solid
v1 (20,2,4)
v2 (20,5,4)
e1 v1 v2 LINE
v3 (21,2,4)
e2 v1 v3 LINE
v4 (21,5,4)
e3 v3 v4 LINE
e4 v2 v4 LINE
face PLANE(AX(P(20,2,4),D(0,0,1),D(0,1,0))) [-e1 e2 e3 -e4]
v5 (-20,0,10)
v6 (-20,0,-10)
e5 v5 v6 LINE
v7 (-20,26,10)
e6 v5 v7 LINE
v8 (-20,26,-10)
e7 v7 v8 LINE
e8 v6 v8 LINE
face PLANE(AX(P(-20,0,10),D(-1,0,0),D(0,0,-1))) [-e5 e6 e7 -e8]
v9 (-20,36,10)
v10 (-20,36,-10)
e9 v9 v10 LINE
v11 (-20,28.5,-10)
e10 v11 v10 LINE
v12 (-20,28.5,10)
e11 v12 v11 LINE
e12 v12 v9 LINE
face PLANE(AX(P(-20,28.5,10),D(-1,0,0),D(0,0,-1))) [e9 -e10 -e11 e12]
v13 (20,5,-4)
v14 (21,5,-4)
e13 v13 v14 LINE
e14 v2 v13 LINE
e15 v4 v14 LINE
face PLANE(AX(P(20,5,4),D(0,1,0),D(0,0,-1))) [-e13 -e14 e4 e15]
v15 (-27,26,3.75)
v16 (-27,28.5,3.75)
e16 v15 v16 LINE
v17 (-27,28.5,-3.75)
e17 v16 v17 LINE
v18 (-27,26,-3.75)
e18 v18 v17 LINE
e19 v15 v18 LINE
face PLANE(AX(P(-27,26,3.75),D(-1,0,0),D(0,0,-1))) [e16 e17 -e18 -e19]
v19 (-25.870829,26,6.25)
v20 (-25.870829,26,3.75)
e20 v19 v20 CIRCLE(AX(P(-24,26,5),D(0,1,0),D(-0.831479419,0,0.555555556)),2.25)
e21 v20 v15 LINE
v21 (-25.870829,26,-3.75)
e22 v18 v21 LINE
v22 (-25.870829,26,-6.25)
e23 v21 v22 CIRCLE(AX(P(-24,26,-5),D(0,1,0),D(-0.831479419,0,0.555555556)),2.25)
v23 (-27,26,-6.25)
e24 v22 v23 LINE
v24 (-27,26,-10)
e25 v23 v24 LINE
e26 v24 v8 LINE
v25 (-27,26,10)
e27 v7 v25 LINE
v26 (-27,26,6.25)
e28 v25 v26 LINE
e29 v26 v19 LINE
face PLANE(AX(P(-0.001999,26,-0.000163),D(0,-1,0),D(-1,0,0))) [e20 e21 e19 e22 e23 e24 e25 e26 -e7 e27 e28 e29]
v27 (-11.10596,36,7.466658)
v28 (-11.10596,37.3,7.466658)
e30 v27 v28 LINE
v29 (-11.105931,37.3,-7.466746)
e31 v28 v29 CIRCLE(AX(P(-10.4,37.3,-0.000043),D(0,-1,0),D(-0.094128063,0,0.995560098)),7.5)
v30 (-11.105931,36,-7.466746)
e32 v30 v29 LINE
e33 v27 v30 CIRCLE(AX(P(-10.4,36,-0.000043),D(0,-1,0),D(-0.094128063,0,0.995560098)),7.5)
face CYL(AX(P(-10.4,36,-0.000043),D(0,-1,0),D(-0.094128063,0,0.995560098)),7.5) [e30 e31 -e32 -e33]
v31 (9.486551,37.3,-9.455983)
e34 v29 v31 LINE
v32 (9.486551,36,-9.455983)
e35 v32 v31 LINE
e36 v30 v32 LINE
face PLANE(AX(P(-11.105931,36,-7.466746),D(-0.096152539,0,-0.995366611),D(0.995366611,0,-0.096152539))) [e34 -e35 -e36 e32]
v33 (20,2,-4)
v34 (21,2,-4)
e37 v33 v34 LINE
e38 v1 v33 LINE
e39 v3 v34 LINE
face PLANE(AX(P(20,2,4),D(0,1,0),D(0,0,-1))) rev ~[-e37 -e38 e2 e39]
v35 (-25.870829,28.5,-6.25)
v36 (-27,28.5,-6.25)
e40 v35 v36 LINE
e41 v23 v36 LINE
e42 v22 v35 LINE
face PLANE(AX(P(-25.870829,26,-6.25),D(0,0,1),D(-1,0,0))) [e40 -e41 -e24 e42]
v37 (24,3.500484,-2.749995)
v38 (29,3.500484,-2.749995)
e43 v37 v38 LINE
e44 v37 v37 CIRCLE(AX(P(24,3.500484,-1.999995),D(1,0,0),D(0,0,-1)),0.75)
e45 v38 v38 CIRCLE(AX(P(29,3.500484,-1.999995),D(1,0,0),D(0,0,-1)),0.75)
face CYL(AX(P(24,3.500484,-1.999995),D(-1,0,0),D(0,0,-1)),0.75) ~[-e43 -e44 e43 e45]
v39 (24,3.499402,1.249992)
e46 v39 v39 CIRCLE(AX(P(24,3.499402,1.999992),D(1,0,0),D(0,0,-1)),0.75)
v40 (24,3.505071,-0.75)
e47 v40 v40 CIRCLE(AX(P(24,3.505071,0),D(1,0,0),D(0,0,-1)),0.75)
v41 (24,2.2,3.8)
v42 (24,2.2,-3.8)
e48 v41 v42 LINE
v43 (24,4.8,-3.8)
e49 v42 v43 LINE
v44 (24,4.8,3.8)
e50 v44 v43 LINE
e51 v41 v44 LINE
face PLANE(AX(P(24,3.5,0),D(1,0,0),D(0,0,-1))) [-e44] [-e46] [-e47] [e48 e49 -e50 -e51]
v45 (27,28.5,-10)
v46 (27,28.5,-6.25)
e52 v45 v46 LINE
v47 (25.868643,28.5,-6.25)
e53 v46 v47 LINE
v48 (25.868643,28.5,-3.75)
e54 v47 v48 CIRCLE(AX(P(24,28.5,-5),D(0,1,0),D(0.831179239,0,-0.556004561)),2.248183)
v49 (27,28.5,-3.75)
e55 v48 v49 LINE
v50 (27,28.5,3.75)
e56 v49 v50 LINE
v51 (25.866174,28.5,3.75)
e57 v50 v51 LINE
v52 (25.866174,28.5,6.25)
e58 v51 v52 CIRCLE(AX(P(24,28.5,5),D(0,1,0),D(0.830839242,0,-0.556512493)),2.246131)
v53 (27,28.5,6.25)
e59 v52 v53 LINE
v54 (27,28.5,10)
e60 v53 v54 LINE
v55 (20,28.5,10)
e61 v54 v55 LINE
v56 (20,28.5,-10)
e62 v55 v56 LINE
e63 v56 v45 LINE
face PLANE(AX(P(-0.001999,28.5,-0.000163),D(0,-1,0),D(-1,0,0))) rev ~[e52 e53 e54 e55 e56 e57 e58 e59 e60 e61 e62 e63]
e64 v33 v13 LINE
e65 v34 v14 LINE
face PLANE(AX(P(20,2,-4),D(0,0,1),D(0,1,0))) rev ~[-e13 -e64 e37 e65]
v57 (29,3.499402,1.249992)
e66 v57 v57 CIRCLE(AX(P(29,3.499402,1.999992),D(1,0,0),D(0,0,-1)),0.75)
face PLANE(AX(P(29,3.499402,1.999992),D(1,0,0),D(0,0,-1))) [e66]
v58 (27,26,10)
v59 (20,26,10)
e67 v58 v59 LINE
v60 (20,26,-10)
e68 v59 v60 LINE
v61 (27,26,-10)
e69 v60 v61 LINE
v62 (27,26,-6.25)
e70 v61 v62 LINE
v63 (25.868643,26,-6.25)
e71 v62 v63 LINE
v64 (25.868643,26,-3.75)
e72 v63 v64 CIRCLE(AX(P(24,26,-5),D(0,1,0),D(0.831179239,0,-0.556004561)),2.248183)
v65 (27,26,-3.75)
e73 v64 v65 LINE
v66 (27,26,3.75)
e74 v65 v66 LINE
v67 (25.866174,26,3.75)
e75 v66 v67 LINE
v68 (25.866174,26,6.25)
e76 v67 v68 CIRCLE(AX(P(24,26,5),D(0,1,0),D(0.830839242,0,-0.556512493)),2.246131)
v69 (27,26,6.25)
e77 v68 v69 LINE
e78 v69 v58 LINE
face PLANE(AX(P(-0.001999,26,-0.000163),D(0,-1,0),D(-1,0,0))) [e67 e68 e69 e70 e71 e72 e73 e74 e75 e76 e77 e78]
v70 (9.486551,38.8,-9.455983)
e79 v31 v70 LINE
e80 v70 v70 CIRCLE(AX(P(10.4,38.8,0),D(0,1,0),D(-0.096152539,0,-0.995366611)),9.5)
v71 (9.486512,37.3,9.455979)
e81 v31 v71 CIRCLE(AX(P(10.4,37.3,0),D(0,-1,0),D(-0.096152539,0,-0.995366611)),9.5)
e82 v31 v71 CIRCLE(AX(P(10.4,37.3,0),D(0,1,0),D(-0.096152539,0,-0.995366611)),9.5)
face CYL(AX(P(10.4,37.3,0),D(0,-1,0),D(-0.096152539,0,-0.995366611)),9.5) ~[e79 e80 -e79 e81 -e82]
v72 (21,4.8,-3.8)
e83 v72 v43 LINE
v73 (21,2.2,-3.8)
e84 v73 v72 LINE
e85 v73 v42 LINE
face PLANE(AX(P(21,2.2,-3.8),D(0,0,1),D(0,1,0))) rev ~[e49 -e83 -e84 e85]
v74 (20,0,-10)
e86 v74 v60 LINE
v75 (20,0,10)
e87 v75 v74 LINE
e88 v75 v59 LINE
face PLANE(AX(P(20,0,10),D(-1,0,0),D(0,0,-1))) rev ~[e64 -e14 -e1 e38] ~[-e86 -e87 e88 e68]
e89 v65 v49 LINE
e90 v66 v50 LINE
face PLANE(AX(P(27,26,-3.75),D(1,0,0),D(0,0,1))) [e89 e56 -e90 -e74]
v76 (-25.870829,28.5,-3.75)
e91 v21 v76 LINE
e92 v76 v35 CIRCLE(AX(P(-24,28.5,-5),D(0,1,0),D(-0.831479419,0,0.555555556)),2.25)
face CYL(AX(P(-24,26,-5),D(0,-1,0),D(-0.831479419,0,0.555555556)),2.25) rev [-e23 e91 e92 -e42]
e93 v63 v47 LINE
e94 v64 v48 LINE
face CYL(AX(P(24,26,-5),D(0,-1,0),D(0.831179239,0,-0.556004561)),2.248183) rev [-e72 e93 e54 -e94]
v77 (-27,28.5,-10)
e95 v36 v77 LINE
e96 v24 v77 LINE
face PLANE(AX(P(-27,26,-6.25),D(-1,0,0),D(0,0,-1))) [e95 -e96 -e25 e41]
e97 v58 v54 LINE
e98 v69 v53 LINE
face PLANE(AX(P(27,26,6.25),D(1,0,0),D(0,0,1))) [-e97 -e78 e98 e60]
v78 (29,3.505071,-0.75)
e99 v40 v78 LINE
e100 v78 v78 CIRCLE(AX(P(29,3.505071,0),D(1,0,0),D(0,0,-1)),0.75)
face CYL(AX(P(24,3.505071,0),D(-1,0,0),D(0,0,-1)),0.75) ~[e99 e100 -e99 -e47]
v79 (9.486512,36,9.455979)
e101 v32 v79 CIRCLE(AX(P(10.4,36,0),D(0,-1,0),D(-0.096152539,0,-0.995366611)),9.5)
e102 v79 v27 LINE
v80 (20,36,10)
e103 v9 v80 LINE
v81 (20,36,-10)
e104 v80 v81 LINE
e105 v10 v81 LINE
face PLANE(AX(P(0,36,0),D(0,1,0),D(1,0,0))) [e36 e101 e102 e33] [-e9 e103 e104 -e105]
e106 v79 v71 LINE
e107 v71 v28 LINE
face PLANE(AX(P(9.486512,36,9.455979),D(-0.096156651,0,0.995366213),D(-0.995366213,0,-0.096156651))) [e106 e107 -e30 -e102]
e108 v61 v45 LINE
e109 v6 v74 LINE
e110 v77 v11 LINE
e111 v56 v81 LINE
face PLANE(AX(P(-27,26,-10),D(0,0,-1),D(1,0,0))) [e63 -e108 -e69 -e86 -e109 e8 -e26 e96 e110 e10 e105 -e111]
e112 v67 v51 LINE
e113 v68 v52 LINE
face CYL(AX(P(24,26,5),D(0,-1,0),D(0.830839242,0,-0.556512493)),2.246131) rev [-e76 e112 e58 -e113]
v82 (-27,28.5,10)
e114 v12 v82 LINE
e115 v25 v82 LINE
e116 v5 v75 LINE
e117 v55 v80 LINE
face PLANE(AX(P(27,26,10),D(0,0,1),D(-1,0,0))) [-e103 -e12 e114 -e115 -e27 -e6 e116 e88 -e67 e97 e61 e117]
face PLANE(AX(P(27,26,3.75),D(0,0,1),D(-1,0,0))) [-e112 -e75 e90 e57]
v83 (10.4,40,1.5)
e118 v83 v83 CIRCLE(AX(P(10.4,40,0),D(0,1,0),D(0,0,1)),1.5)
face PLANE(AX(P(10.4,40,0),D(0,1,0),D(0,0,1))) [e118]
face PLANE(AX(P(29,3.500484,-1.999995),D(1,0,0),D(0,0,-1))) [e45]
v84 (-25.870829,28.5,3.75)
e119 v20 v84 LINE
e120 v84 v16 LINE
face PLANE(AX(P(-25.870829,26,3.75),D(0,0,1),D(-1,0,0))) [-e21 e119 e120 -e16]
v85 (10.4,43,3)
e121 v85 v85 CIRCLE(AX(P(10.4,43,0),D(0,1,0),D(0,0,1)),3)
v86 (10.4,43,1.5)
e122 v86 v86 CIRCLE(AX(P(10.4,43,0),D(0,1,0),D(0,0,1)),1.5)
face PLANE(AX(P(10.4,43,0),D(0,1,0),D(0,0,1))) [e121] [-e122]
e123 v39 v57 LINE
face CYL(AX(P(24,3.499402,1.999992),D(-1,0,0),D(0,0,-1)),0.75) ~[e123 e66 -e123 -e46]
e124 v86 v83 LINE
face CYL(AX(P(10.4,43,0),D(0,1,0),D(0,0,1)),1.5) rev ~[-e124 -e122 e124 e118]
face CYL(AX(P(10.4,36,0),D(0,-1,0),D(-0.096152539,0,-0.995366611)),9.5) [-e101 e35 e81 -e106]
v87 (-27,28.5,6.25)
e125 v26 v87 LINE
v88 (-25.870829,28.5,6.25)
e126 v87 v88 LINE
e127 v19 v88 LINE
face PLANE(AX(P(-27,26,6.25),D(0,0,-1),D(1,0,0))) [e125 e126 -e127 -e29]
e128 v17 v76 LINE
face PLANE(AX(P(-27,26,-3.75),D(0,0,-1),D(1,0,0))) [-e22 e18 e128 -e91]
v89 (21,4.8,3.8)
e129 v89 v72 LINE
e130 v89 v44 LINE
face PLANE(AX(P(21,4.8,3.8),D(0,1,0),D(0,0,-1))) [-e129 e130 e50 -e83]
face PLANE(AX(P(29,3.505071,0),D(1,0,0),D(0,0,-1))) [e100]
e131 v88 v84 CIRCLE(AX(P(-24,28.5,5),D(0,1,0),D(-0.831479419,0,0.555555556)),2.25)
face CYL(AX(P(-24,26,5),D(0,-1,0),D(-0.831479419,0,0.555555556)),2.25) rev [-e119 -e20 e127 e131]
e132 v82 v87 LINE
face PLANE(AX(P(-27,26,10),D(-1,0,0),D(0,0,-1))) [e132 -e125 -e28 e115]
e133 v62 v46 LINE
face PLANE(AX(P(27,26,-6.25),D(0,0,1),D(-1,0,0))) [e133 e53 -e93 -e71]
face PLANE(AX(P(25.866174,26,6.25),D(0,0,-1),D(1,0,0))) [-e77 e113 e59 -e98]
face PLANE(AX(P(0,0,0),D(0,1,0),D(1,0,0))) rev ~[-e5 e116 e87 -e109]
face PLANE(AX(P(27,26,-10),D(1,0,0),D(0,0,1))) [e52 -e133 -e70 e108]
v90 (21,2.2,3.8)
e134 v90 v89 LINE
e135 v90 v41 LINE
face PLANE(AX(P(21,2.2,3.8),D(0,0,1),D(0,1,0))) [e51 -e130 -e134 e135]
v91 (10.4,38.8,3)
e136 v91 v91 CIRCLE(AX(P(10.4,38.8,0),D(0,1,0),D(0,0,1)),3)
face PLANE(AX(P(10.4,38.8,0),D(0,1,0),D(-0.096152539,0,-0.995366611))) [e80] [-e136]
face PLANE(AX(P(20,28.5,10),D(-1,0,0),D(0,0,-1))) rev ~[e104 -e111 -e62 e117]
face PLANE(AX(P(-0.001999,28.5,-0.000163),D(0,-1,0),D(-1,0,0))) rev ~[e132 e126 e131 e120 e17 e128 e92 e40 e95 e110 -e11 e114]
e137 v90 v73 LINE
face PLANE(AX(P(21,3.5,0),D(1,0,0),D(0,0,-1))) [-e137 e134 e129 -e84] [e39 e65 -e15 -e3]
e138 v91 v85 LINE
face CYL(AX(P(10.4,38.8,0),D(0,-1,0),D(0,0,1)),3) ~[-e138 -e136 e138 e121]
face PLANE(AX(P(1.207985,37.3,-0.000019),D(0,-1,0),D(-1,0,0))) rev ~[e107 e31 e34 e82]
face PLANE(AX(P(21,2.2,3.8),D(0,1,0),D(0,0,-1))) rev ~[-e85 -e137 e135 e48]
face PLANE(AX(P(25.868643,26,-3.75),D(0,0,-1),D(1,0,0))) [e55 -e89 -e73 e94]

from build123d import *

# Parameters (mm, degrees)
SKETCH_1_W          = 40
SKETCH_1_H          = 20
EXTRUDE_1_DEPTH     = 26
EXTRUDE_2_DEPTH     = 2.5
SKETCH_3_W          = 40
SKETCH_3_H          = 20
EXTRUDE_3_DEPTH     = 7.5
EXTRUDE_4_DEPTH     = 1.3
SKETCH_5_R          = 9.5
EXTRUDE_5_DEPTH     = 1.5
SKETCH_6_R          = 3
EXTRUDE_6_DEPTH     = 4.2
SKETCH_7_W          = 8
SKETCH_7_H          = 3
EXTRUDE_7_DEPTH     = 1
SKETCH_8_W          = 7.6
SKETCH_8_H          = 2.6
EXTRUDE_8_DEPTH     = 3
SKETCH_9_R          = 0.75
EXTRUDE_9_DEPTH     = 5
SKETCH_10_R         = 1.5
CUT_EXTRUDE_1_DEPTH = 3


with BuildPart() as part:
    # 스케치1 → 보스-돌출1 (new body)
    with BuildSketch(Plane(origin=(0, 0, 0), x_dir=(1, 0, 0), z_dir=(0, 1, 0))):
        Rectangle(SKETCH_1_W, SKETCH_1_H)
    extrude(amount=EXTRUDE_1_DEPTH)

    # 스케치2 → 보스-돌출2 (add)
    with BuildSketch(Plane(origin=(0, 26, 0), x_dir=(1, 0, 0), z_dir=(0, 1, 0))):
        with BuildLine():
            Line((-27, 10), (27, 10))
            Line((27, 10), (27, 6.25))
            Line((27, 6.25), (25.868643032, 6.25))
            ThreePointArc((25.868643032, 6.25), (21.751817004, 5), (25.868643032, 3.75))
            Line((25.868643032, 3.75), (27, 3.75))
            Line((27, 3.75), (27, -3.75))
            Line((27, -3.75), (25.866173833, -3.75))
            ThreePointArc((25.866173833, -3.75), (21.753868932, -5), (25.866173833, -6.25))
            Line((25.866173833, -6.25), (27, -6.25))
            Line((27, -6.25), (27, -10))
            Line((27, -10), (-27, -10))
            Line((-27, -10), (-27, -6.25))
            Line((-27, -6.25), (-25.870828693, -6.25))
            ThreePointArc((-25.870828693, -6.25), (-21.75, -5), (-25.870828693, -3.75))
            Line((-25.870828693, -3.75), (-27, -3.75))
            Line((-27, -3.75), (-27, 3.75))
            Line((-27, 3.75), (-25.870828693, 3.75))
            ThreePointArc((-25.870828693, 3.75), (-21.75, 5), (-25.870828693, 6.25))
            Line((-25.870828693, 6.25), (-27, 6.25))
            Line((-27, 6.25), (-27, 10))
        make_face()
    extrude(amount=EXTRUDE_2_DEPTH)

    # 스케치3 → 보스-돌출3 (add)
    with BuildSketch(Plane(origin=(0, 28.5, 0), x_dir=(1, 0, 0), z_dir=(0, 1, 0))):
        Rectangle(SKETCH_3_W, SKETCH_3_H)
    extrude(amount=EXTRUDE_3_DEPTH)

    # 스케치4 → 보스-돌출4 (add)
    with BuildSketch(Plane(origin=(0, 36, 0), x_dir=(1, 0, 0), z_dir=(0, 1, 0))):
        with BuildLine():
            Line((-11.105930899, 7.466746492), (9.486550883, 9.4559828))
            ThreePointArc((9.486550883, 9.4559828), (19.9, -1.9624e-05), (9.486511816, -9.455979026))
            Line((9.486511816, -9.455979026), (-11.105960469, -7.466657767))
            ThreePointArc((-11.105960469, -7.466657767), (-17.9, 5.7816e-05), (-11.105930899, 7.466746492))
        make_face()
    extrude(amount=EXTRUDE_4_DEPTH)

    # 스케치5 → 보스-돌출5 (add)
    with BuildSketch(Plane(origin=(0, 37.3, 0), x_dir=(1, 0, 0), z_dir=(0, 1, 0))):
        with Locations(Location((10.4, 0, 0), (0, 0, 95.517659112))):
            Circle(SKETCH_5_R)
    extrude(amount=EXTRUDE_5_DEPTH)

    # 스케치6 → 보스-돌출6 (add)
    with BuildSketch(Plane(origin=(0, 38.8, 0), x_dir=(1, 0, 0), z_dir=(0, 1, 0))):
        with Locations(Location((10.4, 0, 0), (0, 0, 270))):
            Circle(SKETCH_6_R)
    extrude(amount=EXTRUDE_6_DEPTH)

    # 스케치7 → 보스-돌출7 (add)
    with BuildSketch(Plane(origin=(20, 0, 0), x_dir=(0, 0, -1), z_dir=(1, 0, 0))):
        with Locations((0, 3.5)):
            Rectangle(SKETCH_7_W, SKETCH_7_H)
    extrude(amount=EXTRUDE_7_DEPTH)

    # 스케치8 → 보스-돌출8 (add)
    with BuildSketch(Plane(origin=(21, 0, 0), x_dir=(0, 0, -1), z_dir=(1, 0, 0))):
        with Locations((0, 3.5)):
            Rectangle(SKETCH_8_W, SKETCH_8_H)
    extrude(amount=EXTRUDE_8_DEPTH)

    # 스케치9 → 보스-돌출9 (add)
    with BuildSketch(Plane(origin=(24, 0, 0), x_dir=(0, 0, -1), z_dir=(1, 0, 0))):
        with Locations((0, 3.505070748)):
            Circle(SKETCH_9_R)
        with Locations((-1.999991967, 3.499402084)):
            Circle(SKETCH_9_R)
        with Locations((1.99999474, 3.500483844)):
            Circle(SKETCH_9_R)
    extrude(amount=EXTRUDE_9_DEPTH)

    # 스케치10 → 컷-돌출1 (cut)
    with BuildSketch(Plane(origin=(0, 43, 0), x_dir=(1, 0, 0), z_dir=(0, 1, 0))):
        with Locations(Location((10.4, 0, 0), (0, 0, 270))):
            Circle(SKETCH_10_R)
    extrude(amount=-CUT_EXTRUDE_1_DEPTH, mode=Mode.SUBTRACT)


solid = part.part
